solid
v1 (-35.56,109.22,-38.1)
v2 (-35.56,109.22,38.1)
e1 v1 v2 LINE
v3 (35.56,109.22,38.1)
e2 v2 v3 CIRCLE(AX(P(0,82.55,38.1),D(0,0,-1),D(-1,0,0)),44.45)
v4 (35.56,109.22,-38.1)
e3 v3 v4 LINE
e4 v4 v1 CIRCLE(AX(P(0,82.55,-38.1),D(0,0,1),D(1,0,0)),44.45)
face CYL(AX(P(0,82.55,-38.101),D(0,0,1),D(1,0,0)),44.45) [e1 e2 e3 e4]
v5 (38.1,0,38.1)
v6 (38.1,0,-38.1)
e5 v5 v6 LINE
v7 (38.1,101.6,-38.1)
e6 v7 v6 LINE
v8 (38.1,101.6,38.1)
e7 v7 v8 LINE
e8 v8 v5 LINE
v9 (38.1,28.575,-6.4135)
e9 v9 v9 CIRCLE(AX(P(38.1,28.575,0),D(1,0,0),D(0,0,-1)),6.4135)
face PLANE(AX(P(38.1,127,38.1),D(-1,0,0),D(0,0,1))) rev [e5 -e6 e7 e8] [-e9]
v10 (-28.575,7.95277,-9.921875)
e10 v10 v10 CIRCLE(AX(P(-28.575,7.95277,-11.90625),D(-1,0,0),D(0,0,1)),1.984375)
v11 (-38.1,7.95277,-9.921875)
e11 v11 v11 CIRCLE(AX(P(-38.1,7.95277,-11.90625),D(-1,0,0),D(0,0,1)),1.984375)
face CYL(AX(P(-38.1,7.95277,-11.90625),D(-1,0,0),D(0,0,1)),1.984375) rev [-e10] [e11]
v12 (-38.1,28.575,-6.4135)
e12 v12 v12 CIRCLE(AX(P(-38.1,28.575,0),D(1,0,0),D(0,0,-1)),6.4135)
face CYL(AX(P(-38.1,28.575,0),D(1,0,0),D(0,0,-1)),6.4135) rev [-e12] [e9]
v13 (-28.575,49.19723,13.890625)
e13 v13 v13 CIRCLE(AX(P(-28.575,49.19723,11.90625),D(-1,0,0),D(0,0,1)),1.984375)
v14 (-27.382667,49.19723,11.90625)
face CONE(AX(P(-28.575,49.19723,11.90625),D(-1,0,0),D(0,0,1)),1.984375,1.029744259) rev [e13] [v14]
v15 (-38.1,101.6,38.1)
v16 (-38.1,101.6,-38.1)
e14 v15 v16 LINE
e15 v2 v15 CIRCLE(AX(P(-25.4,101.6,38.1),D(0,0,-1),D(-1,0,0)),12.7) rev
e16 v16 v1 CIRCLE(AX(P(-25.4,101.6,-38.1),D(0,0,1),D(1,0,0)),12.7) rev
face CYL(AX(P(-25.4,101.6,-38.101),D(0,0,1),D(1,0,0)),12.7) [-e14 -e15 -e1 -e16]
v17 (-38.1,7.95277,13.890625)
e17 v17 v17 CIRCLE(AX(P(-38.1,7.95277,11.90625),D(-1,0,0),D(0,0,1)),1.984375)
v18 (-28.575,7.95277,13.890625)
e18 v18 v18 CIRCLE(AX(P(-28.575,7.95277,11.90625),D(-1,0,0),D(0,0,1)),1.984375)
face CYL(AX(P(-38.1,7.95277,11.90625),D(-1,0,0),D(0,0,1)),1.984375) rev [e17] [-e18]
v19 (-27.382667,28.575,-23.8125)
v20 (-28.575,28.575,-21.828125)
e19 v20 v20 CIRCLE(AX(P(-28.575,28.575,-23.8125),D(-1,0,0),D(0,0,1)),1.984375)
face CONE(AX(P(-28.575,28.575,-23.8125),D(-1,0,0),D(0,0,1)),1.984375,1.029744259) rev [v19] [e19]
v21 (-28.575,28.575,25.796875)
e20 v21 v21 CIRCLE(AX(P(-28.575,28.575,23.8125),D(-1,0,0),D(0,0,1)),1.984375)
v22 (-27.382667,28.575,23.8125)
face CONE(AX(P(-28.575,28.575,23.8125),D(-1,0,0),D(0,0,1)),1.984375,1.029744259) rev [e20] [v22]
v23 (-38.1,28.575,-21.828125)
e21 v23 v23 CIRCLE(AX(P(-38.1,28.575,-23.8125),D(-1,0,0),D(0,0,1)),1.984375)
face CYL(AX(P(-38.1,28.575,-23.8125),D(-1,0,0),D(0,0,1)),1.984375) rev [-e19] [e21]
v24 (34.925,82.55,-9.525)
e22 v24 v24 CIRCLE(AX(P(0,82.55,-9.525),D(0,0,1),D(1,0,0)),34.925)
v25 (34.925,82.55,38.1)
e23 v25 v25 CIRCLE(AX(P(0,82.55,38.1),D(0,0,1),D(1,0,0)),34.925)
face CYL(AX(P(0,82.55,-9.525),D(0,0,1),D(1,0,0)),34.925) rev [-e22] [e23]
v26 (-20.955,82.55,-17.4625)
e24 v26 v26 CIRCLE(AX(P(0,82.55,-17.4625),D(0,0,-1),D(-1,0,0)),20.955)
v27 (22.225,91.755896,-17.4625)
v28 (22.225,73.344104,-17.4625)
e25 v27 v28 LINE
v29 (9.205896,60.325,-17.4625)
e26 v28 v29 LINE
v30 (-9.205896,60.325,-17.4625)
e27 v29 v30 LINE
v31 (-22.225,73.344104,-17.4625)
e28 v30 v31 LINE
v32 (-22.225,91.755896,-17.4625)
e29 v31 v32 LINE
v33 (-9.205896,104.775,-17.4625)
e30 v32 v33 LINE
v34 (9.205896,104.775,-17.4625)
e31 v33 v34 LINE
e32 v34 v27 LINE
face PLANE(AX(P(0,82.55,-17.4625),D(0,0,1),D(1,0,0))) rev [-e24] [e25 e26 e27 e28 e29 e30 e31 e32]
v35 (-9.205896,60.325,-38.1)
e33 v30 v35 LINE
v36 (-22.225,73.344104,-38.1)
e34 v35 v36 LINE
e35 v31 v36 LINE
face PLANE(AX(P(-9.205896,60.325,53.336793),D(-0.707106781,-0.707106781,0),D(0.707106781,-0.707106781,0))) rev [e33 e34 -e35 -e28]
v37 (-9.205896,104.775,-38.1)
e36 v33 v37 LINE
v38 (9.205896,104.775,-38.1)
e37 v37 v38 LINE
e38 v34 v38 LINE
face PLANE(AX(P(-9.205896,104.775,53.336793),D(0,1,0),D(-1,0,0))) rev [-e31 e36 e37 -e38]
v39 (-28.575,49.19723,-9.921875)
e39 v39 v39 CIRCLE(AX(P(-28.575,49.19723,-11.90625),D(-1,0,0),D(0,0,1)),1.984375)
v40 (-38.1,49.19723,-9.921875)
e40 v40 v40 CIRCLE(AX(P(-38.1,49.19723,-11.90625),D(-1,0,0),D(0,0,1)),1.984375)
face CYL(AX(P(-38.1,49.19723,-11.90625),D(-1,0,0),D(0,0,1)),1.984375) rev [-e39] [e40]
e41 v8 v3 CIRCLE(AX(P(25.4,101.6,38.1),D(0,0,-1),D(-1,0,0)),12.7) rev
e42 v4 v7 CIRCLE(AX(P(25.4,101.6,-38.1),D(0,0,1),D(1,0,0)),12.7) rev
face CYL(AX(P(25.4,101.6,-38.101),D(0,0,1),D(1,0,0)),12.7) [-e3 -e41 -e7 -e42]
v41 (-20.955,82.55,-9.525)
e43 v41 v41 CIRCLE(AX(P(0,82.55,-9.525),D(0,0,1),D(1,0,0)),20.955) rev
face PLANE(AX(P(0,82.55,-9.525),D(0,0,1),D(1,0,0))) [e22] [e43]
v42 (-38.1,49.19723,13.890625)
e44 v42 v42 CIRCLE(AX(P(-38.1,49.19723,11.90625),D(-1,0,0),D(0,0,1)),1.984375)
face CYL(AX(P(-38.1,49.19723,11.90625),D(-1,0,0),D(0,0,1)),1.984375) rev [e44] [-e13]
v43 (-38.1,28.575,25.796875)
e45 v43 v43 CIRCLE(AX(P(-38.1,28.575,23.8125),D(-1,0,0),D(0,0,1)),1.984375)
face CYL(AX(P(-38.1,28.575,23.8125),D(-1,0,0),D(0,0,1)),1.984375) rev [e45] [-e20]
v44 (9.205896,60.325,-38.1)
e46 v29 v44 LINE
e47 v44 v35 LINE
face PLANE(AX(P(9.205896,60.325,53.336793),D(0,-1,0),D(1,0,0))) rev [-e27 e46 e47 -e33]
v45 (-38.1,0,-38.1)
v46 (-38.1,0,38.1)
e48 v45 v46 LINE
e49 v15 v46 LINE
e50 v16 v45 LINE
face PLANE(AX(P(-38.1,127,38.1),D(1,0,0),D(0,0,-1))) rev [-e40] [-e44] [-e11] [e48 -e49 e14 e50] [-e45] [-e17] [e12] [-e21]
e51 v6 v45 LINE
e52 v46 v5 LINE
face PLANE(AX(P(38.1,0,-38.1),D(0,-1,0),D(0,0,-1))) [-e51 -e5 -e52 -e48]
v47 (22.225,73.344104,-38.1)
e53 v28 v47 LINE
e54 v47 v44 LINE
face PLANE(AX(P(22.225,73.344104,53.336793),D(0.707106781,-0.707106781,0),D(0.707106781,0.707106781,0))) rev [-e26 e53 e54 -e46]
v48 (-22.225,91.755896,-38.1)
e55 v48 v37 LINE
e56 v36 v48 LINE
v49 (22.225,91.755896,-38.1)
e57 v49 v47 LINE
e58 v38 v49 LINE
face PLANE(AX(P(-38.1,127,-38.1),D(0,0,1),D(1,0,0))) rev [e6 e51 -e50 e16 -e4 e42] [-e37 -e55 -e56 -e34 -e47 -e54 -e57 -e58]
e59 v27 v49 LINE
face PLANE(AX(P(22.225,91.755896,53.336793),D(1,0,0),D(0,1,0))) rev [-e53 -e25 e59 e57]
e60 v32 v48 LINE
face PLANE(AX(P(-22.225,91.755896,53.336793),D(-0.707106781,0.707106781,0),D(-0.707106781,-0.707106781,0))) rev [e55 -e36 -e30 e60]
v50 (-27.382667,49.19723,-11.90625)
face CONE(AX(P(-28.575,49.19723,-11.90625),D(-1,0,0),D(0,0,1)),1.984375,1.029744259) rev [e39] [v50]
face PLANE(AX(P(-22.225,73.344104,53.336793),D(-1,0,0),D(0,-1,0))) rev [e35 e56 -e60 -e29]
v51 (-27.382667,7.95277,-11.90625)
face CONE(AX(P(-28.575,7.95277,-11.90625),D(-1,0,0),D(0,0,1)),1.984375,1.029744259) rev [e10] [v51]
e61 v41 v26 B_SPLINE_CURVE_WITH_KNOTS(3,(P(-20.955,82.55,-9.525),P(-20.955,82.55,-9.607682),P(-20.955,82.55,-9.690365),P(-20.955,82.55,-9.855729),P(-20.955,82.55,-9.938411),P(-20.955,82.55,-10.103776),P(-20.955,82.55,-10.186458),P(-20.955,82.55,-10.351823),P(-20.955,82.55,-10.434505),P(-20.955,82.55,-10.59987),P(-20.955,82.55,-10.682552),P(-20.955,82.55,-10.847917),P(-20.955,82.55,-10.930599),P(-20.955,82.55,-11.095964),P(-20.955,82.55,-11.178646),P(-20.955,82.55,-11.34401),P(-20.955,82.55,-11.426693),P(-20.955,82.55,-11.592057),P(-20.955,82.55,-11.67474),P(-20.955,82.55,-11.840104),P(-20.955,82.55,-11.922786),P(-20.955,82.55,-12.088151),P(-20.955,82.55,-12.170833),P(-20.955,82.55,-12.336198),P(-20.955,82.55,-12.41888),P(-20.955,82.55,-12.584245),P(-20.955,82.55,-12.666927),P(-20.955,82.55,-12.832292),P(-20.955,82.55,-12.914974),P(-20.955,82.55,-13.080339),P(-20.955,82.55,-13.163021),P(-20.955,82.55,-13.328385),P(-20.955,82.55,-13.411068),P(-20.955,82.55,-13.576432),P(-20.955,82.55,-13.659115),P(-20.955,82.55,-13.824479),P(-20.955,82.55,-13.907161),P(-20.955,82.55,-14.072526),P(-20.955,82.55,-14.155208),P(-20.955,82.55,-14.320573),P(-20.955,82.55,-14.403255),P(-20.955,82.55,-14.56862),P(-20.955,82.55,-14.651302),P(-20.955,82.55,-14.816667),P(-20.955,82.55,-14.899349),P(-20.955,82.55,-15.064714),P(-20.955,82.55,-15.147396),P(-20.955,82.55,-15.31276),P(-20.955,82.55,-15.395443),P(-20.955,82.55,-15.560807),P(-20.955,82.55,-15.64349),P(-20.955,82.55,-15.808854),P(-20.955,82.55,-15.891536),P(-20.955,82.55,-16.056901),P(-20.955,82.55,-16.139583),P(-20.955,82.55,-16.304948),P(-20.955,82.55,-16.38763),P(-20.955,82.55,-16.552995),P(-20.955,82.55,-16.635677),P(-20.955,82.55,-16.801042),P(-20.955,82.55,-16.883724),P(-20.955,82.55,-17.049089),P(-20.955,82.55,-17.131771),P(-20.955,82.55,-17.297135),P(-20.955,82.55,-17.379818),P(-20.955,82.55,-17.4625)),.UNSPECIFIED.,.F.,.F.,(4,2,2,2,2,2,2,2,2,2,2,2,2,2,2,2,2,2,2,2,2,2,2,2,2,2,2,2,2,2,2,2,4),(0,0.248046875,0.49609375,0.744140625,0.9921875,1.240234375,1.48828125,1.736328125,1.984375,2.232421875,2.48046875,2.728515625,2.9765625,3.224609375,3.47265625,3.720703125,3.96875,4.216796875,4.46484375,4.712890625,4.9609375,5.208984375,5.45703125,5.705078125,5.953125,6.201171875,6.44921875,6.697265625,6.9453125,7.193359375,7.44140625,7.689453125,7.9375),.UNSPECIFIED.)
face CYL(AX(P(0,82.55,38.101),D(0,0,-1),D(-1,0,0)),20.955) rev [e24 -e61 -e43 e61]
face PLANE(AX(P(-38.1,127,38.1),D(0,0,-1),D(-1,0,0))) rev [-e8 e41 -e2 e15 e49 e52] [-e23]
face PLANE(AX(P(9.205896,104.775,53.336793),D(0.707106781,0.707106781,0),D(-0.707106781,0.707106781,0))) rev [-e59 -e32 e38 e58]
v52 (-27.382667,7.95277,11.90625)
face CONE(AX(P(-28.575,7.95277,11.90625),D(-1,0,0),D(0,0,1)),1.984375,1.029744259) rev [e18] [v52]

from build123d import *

# Parameters (mm, degrees)
SKETCH1_W           = 76.2
SKETCH1_H           = 76.2
BOSS_EXTRUDE1_DEPTH = 127
SKETCH3_R           = 34.925
CUT_EXTRUDE1_DEPTH  = 47.625
CUT_EXTRUDE3_DEPTH  = 20.6375
CUT_EXTRUDE4_REACH  = 145.763
SKETCH6_R           = 20.955
CUT_EXTRUDE5_START  = -76.2
CUT_EXTRUDE5_DEPTH  = 76.2
FILLET1_R           = 12.7
SKETCH8_R           = 6.4135
CUT_EXTRUDE6_DEPTH  = 153.928251151
CIRPATTERN1_COUNT   = 6


with BuildPart() as part:
    # Sketch1 → Boss-Extrude1 (new body)
    with BuildSketch(Plane(origin=(0, 0, 0), x_dir=(1, 0, 0), z_dir=(0, 1, 0))):
        Rectangle(SKETCH1_W, SKETCH1_H)
    extrude(amount=BOSS_EXTRUDE1_DEPTH)

    # Sketch3 → Cut-Extrude1 (cut)
    with BuildSketch(Plane.XY.offset(38.1)):
        with Locations((0, 82.55)):
            Circle(SKETCH3_R)
    extrude(amount=-CUT_EXTRUDE1_DEPTH, mode=Mode.SUBTRACT)

    # Sketch5 → Cut-Extrude3 (cut)
    with BuildSketch(Plane(origin=(0, 0, -38.1), x_dir=(-1, 0, 0), z_dir=(0, 0, -1))):
        Polygon((22.225, 73.344103576), (22.225, 91.755896424), (9.205896424, 104.775), (-9.205896424, 104.775), (-22.225, 91.755896424), (-22.225, 73.344103576), (-9.205896424, 60.325), (9.205896424, 60.325), align=None)
    extrude(amount=-CUT_EXTRUDE3_DEPTH, mode=Mode.SUBTRACT)

    # Sketch6 → Cut-Extrude4 (cut, up to next)
    with BuildSketch(Plane(origin=(0, 0, -17.4625), x_dir=(-1, 0, 0), z_dir=(0, 0, -1)), mode=Mode.PRIVATE) as cut_extrude4_sk1:
        with Locations((0, 82.55)):
            Circle(SKETCH6_R)
    cut_extrude4_tool1 = extrude(cut_extrude4_sk1.sketch, amount=-CUT_EXTRUDE4_REACH, mode=Mode.PRIVATE) & part.part
    add(cut_extrude4_tool1.solids().sort_by_distance((0, 82.55, -17.4625))[0], mode=Mode.SUBTRACT)

    # Sketch7 → Cut-Extrude5 (cut)
    with BuildSketch(Plane.XY.offset(38.1).offset(CUT_EXTRUDE5_START)):
        with BuildLine():
            Line((-38.1, 105.445250599), (-38.1, 130.845250599))
            Line((-38.1, 130.845250599), (38.1, 130.845250599))
            Line((38.1, 130.845250599), (38.1, 105.445250599))
            ThreePointArc((38.1, 105.445250599), (0, 127), (-38.1, 105.445250599))
        make_face()
    extrude(amount=CUT_EXTRUDE5_DEPTH, mode=Mode.SUBTRACT)

    # Fillet1
    fillet1_edges = [part.edges().sort_by_distance(p)[0] for p in [
        (-38.1, 105.445250599, 0),
        (38.1, 105.445250599, 0),
    ]]
    fillet(fillet1_edges, radius=FILLET1_R)

    # Sketch8 → Cut-Extrude6 (cut, through all)
    with BuildSketch(Plane(origin=(38.1, 0, 0), x_dir=(0, 0, -1), z_dir=(1, 0, 0))):
        with Locations((0, 28.575)):
            Circle(SKETCH8_R)
    extrude(amount=-CUT_EXTRUDE6_DEPTH, mode=Mode.SUBTRACT)

    # Sketch12 → #10 (0.1935) Diameter Hole1 (revolve, cut)
    with BuildSketch(Plane(origin=(-38.1, 28.575, 23.8125), x_dir=(0, 0, 1), z_dir=(0, 1, 0))):
        Polygon((0, 0), (0, 10.717332791), (1.984375, 9.525), (1.984375, 0), align=None)
    f_10_0_1935_diameter_hole1 = revolve(axis=Axis((-44.45, 28.575, 23.8125), (1, 0, 0)), mode=Mode.SUBTRACT)

    # CirPattern1: #10 (0.1935) Diameter Hole1 ×6 about axis
    cirpattern1_axis = Axis((0, 28.575, 0), (1, 0, 0))
    for i in range(1, CIRPATTERN1_COUNT):
        add(f_10_0_1935_diameter_hole1.rotate(cirpattern1_axis, i * 360 / CIRPATTERN1_COUNT), mode=Mode.SUBTRACT)


solid = part.part
